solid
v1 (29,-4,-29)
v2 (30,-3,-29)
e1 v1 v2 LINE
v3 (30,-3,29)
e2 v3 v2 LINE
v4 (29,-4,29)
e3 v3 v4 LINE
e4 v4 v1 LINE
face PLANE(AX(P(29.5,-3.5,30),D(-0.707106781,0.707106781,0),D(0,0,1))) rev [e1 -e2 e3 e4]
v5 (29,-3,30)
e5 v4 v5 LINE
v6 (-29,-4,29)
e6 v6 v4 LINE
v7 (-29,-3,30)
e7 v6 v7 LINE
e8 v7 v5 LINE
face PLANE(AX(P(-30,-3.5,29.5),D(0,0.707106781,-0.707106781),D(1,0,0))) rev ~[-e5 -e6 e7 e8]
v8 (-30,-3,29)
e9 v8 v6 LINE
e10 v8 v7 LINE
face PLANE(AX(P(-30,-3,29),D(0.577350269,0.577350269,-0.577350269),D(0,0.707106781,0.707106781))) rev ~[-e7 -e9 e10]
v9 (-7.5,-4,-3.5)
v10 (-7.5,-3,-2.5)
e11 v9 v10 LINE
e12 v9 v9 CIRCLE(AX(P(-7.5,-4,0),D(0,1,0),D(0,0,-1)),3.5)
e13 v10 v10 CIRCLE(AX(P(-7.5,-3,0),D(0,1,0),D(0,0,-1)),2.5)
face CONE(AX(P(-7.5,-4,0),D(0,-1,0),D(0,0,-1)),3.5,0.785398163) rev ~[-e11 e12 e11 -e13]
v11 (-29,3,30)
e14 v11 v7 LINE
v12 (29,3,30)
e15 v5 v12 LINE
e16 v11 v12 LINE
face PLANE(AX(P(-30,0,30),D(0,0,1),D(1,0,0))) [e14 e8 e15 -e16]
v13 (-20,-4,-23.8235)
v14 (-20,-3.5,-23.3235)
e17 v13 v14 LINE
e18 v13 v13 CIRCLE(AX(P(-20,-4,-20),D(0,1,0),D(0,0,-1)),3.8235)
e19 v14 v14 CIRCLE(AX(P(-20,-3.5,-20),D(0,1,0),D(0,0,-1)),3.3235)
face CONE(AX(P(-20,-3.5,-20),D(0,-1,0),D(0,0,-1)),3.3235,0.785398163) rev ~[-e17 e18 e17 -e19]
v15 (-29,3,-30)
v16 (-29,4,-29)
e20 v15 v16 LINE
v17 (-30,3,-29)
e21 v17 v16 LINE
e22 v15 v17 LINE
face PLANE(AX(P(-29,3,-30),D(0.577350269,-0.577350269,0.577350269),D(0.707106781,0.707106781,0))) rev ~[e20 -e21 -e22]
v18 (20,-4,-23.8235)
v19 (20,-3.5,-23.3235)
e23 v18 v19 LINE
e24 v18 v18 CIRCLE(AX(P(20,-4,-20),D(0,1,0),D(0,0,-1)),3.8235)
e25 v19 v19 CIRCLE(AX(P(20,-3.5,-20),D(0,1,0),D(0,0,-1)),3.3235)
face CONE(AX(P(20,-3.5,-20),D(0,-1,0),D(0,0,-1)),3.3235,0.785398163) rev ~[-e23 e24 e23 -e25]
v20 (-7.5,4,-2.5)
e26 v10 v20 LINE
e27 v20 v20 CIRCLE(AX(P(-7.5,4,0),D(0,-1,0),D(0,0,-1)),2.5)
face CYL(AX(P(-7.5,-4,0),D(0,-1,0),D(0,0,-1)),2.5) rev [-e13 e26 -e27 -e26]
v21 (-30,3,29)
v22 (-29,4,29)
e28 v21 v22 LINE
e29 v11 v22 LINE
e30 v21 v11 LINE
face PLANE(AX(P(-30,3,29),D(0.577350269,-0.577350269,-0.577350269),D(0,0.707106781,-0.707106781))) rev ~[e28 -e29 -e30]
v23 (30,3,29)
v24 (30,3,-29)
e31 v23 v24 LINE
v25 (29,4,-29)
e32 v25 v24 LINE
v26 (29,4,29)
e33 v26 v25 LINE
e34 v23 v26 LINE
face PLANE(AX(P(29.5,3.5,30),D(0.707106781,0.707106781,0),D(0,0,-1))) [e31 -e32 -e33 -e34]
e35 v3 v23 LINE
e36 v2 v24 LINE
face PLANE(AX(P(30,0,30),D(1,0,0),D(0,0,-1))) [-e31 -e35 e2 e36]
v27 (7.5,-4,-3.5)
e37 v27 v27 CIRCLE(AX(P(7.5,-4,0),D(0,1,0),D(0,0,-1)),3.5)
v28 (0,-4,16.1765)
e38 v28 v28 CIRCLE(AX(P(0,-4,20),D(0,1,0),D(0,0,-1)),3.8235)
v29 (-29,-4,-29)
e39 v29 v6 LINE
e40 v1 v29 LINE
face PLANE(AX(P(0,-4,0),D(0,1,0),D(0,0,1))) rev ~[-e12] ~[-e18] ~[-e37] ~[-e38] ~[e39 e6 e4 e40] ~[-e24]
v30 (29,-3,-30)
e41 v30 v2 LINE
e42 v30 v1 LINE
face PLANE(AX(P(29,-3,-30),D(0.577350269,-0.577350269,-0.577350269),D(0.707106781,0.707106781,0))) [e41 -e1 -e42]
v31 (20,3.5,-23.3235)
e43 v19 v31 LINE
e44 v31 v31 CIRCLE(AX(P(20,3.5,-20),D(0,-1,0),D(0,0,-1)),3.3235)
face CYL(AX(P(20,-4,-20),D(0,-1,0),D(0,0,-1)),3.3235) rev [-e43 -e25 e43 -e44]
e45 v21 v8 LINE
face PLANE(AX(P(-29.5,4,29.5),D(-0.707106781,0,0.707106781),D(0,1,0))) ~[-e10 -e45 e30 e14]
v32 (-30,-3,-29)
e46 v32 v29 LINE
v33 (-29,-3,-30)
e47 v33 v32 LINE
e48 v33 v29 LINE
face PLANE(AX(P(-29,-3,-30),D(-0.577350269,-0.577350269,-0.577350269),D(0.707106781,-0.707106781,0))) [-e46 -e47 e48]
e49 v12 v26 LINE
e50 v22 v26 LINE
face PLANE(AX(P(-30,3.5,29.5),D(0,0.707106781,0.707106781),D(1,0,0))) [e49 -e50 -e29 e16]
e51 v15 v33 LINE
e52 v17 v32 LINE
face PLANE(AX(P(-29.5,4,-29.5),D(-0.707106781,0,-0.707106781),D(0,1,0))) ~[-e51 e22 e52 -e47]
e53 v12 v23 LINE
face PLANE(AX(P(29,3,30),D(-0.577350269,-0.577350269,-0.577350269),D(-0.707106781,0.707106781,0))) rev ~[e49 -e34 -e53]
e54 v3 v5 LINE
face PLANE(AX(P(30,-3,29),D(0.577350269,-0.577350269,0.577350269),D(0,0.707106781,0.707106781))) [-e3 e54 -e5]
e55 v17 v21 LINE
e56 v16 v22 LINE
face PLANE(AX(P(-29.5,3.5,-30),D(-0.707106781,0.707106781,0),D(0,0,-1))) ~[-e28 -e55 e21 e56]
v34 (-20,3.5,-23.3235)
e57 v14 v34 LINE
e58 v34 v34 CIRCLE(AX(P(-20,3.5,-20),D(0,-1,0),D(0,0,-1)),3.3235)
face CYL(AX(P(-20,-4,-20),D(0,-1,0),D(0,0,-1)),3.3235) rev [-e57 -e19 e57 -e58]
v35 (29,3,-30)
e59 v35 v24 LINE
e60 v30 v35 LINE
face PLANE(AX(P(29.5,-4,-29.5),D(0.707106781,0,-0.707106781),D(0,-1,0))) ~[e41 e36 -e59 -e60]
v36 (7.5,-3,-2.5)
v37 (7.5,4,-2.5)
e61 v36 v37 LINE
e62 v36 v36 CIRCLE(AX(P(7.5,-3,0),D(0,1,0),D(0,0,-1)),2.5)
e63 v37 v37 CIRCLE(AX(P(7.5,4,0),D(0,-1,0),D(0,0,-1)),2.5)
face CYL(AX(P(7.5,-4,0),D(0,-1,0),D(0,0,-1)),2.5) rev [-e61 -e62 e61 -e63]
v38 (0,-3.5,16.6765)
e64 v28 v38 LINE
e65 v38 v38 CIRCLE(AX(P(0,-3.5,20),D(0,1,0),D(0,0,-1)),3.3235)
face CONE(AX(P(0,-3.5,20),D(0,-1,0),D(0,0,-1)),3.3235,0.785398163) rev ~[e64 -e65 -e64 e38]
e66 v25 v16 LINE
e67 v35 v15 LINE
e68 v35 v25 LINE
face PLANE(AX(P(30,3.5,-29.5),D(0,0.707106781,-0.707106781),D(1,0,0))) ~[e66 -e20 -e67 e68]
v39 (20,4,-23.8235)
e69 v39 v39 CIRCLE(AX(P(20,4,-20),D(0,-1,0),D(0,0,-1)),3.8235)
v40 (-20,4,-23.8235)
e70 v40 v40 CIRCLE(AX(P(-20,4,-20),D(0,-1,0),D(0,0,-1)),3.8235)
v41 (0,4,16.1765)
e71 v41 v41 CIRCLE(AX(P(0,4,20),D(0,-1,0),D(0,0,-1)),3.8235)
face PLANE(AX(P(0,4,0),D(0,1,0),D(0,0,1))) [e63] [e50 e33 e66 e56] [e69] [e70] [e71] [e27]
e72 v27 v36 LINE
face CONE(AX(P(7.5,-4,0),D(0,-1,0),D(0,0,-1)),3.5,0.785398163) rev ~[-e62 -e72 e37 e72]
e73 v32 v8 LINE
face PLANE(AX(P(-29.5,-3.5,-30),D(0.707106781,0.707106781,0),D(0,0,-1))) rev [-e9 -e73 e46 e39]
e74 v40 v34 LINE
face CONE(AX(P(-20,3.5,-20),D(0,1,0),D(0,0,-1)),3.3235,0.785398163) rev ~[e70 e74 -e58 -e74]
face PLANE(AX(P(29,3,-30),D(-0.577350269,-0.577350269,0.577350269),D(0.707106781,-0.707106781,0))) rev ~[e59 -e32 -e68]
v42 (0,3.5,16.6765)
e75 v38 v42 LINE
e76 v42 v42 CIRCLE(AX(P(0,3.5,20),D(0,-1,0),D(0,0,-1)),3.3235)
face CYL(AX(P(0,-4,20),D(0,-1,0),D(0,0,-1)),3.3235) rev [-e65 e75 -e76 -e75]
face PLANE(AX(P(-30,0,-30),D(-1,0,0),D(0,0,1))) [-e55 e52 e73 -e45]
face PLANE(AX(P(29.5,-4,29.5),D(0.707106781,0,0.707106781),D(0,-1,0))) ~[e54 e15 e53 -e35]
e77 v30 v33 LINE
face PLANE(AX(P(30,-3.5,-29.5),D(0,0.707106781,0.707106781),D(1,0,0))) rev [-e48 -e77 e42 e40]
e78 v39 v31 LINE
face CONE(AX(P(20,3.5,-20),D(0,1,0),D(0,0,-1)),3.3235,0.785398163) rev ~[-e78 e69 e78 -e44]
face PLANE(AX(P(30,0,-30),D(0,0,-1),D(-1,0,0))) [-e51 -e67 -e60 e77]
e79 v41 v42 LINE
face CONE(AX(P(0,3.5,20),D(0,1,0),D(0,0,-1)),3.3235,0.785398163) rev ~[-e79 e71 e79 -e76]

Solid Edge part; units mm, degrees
sketch "Sketch1" plane through (0, 0, 0) normal (0, -1, 0) x (1, 0, 0)
  line L0 (-30, 30) -> (30, 30)
  line L1 (30, 30) -> (30, -30)
  line L2 (30, -30) -> (-30, -30)
  line L3 (-30, -30) -> (-30, 30)
  dimension "D1" = 60
  dimension "D2" = 60
extrude "Protrusion1" add sketch "Sketch1" along normal mid plane 8
hole "Bohrung_1" at (-20, -4, -20) direction (0, 1, 0) diameter 6.647 end up to next thread major 8 thread length 2
hole "Hole1" at (20, -4, -20) direction (0, 1, 0) diameter 6.647 end up to next thread major 8 thread length 2
hole "Hole2" at (0, -4, 20) direction (0, 1, 0) diameter 6.647 end up to next thread major 8 thread length 2
hole "Bohrung_4" at (7.5, -4, 0) direction (0, 1, 0) diameter 5 end up to next countersink diameter 7 countersink angle 90
hole "Hole3" at (-7.5, -4, 0) direction (0, 1, 0) diameter 5 end up to next countersink diameter 7 countersink angle 90
chamfer "Fase_1" distance 1 angle 45 12 edges at (0, -4, 30) (-30, -4, 0) (30, -4, 0) (30, 4, 0) (30, 0, 30) (0, 4, 30) (-30, 0, 30) (-30, 4, 0) (-30, 0, -30) (0, 4, -30) (0, -4, -30) (30, 0, -30)
chamfer "Fase_2" distance 0.5 angle 45 6 edges at (-3.3235, -4, 20) (0, 4, 16.6765) (16.6765, -4, -20) (20, 4, -23.3235) (-23.3235, -4, -20) (-20, 4, -23.3235)
